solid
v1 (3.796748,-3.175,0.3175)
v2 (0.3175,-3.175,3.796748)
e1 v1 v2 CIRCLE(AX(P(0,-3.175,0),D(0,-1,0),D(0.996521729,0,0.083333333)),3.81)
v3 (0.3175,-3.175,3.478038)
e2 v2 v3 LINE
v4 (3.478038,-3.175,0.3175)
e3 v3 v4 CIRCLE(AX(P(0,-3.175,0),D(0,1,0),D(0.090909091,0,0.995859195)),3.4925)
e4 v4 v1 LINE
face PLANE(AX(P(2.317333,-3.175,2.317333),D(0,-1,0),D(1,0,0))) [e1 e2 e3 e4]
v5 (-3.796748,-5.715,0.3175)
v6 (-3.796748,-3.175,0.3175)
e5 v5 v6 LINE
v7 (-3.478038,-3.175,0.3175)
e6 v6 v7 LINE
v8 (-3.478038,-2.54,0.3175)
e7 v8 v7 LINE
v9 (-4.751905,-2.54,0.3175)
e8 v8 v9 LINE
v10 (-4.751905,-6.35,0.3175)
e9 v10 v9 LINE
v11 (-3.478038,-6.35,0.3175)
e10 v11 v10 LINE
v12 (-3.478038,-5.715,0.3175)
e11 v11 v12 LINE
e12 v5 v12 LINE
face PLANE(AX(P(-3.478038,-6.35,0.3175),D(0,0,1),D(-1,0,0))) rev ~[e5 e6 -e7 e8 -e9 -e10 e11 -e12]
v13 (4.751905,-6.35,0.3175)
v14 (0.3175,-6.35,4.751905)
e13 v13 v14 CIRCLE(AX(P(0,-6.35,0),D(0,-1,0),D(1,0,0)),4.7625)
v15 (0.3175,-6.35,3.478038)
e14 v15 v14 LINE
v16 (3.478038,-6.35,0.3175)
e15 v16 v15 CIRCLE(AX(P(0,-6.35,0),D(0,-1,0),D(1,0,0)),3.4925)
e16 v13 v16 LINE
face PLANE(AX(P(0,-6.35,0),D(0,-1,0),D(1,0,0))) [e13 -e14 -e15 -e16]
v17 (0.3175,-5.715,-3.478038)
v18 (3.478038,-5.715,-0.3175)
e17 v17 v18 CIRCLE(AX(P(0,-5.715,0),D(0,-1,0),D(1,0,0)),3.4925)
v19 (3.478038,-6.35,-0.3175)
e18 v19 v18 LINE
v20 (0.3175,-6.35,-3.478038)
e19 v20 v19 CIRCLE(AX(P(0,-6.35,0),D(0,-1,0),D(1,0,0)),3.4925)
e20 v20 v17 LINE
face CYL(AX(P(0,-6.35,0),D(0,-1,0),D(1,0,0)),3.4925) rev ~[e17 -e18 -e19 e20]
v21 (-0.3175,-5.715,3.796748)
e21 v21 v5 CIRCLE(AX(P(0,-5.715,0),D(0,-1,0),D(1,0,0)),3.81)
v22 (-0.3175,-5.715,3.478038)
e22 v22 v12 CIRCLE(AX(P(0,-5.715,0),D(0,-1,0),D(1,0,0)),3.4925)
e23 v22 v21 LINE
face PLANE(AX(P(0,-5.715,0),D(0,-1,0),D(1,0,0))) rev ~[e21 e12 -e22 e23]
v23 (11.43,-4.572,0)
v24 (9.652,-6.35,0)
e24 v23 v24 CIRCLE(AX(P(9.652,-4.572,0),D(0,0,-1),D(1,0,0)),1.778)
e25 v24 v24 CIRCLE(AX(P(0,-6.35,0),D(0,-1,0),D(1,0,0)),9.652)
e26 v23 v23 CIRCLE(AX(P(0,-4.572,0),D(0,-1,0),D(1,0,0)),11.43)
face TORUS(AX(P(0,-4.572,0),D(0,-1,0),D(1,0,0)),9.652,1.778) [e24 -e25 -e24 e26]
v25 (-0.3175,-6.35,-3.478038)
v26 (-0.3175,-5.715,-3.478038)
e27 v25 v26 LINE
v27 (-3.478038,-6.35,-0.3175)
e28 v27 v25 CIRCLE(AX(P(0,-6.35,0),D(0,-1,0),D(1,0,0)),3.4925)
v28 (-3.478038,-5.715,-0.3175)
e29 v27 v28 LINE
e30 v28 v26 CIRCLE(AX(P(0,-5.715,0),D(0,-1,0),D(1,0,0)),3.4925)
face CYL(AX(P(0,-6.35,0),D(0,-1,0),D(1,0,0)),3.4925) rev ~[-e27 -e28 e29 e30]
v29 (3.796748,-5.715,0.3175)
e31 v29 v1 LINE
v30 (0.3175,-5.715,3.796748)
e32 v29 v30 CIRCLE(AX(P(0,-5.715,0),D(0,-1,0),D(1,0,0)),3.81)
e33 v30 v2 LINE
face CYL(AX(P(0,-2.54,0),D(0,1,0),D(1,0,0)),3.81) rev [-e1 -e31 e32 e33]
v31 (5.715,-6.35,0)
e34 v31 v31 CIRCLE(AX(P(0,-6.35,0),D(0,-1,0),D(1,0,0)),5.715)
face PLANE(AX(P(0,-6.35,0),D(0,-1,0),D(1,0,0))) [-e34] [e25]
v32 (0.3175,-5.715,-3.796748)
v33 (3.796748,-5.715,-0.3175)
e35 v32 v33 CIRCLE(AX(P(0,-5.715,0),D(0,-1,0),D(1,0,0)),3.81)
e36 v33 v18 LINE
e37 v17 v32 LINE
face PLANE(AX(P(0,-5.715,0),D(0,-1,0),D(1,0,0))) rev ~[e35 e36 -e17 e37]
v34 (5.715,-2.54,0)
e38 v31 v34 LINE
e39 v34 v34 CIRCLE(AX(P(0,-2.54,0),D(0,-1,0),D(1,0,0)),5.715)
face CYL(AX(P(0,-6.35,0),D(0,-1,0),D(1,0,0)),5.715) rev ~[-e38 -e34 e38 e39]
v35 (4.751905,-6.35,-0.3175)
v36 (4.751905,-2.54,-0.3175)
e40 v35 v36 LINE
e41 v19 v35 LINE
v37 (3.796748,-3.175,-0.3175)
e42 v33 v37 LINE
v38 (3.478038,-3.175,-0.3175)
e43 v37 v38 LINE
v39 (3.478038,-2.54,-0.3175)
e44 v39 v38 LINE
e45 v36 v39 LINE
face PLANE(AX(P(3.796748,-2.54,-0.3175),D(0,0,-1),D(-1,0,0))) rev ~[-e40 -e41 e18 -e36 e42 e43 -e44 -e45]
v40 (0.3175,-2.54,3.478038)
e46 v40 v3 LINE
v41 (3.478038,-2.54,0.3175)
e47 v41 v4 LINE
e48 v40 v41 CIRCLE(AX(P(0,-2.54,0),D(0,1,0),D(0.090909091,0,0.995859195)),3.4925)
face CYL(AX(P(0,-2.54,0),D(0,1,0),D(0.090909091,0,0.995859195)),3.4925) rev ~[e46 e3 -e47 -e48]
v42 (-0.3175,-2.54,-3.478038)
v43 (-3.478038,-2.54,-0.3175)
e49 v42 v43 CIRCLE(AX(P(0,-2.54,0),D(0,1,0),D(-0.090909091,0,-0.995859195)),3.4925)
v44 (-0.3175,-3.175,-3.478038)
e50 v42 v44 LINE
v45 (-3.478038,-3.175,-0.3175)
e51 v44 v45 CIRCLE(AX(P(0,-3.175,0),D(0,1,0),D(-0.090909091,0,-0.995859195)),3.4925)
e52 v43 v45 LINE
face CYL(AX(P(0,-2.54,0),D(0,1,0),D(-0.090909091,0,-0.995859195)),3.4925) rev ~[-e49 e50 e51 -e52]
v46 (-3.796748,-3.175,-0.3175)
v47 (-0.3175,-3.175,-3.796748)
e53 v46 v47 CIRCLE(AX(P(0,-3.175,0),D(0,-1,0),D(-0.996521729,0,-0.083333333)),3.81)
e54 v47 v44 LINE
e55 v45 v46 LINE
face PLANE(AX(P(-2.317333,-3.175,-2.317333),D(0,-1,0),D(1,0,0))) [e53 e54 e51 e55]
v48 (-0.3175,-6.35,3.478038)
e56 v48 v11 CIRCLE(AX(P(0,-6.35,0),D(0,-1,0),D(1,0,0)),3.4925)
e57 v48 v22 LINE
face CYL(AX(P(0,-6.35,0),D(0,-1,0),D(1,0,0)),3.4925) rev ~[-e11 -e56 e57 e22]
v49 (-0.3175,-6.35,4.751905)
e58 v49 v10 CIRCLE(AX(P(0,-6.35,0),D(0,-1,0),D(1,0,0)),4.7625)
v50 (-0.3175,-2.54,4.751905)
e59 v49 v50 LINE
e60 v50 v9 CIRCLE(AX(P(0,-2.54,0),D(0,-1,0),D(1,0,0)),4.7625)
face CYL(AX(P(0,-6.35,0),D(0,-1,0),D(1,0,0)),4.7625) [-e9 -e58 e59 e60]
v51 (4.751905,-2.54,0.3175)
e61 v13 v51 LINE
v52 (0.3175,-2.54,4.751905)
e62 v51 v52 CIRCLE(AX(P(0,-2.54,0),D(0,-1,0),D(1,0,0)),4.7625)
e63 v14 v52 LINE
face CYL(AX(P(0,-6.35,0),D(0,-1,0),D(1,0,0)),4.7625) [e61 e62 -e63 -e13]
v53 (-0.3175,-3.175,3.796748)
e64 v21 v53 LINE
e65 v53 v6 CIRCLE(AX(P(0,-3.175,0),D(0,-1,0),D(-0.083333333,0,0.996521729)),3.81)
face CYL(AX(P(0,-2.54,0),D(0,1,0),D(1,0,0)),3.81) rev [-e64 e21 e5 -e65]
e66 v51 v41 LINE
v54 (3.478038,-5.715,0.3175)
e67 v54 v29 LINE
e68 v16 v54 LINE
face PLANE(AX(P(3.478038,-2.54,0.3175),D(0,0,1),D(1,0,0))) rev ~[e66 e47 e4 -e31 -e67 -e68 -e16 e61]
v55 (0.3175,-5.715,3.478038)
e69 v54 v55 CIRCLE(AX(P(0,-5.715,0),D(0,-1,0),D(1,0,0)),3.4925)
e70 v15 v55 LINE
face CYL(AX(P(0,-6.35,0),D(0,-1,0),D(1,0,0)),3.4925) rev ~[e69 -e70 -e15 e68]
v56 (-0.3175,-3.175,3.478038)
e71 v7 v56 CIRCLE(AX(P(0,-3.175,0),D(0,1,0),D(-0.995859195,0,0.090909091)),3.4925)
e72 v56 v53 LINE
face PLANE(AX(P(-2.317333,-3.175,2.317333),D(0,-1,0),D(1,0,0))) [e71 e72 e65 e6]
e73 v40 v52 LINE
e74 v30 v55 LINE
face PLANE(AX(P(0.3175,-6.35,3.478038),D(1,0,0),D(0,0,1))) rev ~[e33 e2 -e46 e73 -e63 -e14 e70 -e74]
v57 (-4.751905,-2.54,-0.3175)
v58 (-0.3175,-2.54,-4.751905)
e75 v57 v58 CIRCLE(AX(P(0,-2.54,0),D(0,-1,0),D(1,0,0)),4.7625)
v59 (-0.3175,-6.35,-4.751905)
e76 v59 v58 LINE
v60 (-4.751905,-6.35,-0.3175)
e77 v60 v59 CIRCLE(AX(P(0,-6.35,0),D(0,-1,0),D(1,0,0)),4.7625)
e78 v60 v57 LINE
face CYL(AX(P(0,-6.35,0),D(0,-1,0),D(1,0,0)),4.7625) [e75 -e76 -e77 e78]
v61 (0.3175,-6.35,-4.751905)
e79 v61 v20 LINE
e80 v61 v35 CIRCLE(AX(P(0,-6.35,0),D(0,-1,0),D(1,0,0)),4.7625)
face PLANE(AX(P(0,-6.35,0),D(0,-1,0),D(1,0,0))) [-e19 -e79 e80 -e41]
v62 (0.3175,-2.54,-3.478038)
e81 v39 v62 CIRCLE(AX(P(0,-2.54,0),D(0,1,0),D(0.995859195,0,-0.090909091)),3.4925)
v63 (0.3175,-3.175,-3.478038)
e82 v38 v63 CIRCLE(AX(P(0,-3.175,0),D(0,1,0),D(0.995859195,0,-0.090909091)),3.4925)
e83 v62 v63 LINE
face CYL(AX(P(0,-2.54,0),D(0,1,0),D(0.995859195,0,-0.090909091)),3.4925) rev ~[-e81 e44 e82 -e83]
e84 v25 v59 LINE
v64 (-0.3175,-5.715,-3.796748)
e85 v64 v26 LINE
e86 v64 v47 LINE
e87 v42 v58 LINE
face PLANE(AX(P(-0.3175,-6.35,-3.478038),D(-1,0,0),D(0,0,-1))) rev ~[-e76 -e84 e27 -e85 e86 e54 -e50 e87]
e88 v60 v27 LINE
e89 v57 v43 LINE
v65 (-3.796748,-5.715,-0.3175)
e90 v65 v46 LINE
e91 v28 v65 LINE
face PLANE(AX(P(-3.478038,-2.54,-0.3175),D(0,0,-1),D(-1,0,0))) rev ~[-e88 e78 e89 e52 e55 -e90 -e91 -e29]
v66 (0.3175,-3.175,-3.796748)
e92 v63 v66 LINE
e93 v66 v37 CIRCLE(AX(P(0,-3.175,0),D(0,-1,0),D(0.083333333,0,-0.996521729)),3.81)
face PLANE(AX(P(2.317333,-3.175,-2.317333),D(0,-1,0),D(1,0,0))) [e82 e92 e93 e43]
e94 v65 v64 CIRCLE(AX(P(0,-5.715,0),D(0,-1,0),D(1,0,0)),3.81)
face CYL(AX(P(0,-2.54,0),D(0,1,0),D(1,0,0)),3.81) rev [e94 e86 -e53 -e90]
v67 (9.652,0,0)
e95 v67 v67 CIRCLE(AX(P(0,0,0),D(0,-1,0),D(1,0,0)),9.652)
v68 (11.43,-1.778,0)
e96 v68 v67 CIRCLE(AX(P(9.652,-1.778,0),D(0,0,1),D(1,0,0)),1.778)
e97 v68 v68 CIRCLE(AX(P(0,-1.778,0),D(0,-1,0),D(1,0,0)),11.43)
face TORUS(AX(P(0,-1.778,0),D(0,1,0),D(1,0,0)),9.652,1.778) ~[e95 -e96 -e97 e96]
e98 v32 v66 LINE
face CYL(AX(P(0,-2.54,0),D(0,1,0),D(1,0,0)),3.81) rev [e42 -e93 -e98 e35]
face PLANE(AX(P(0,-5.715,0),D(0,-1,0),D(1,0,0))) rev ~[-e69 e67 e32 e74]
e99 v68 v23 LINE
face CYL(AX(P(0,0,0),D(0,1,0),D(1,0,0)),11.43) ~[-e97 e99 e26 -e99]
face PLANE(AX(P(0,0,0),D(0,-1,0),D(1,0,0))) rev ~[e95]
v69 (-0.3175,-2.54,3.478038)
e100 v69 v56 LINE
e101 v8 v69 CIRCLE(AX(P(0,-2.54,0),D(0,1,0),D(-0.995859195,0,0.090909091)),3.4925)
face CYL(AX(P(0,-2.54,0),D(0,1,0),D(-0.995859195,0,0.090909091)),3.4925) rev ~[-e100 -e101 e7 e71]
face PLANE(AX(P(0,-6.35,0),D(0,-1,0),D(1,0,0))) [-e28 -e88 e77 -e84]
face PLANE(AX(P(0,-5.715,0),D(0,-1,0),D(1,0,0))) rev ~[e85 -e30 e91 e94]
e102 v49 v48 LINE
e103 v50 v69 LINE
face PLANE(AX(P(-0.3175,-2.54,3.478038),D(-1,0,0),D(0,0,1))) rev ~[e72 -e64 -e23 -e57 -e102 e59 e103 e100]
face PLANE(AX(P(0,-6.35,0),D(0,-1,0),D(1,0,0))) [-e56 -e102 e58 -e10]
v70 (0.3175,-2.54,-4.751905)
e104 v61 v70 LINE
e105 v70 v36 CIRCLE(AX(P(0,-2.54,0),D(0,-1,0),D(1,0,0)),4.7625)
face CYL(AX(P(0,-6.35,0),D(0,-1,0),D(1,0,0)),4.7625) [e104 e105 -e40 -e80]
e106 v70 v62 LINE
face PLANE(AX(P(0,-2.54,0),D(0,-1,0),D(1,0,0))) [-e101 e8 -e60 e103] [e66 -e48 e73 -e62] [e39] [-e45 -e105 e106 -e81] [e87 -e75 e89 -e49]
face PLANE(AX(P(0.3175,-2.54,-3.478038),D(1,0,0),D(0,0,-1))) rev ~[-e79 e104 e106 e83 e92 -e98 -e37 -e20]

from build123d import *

# Parameters (mm, degrees)
F0_R      = 11.43
F1_DEPTH  = 6.35
F2_R      = 3.4925
F3_DEPTH  = 3.81
F4_R      = 5.715
F4_R_2    = 4.7625
F5_DEPTH  = 3.81
F7_DEPTH  = 3.81
F8_R      = 3.81
F9_DEPTH  = 3.175
F10_R     = 1.778
F11_DEPTH = 0.635


with BuildPart() as f1:
    # F0 (on Front) → F1 (new body)
    with BuildSketch(Plane.XZ):
        Circle(F0_R)
    extrude(amount=F1_DEPTH)

    # F2 (on face) → F3 (cut)
    with BuildSketch(Plane.XZ.offset(6.35)):
        Circle(F2_R)
    extrude(amount=-F3_DEPTH, mode=Mode.SUBTRACT)

    # F4 (on face) → F5 (cut)
    with BuildSketch(Plane.XZ.offset(6.35)):
        Circle(F4_R)
        Circle(F4_R_2, mode=Mode.SUBTRACT)
    extrude(amount=-F5_DEPTH, mode=Mode.SUBTRACT)

    # F6 (on face) → F7 (cut)
    with BuildSketch(Plane.XZ.offset(6.35)):
        with BuildLine():
            Line((0.3175, 3.4780382402), (0.3175, 4.4336462139))
            ThreePointArc((0.3175, 4.4336462139), (0, 4.445), (-0.3175, 4.4336462139))
            Line((-0.3175, 4.4336462139), (-0.3175, 3.4780382402))
            ThreePointArc((-0.3175, 3.4780382402), (0, 3.4925), (0.3175, 3.4780382402))
        make_face()
        with BuildLine():
            Line((-3.4780382402, 0.3175), (-4.4336462139, 0.3175))
            ThreePointArc((-4.4336462139, 0.3175), (-4.445, 0), (-4.4336462139, -0.3175))
            Line((-4.4336462139, -0.3175), (-3.4780382402, -0.3175))
            ThreePointArc((-3.4780382402, -0.3175), (-3.4925, 0), (-3.4780382402, 0.3175))
        make_face()
        with BuildLine():
            ThreePointArc((4.4336462139, -0.3175), (4.4421606466, -0.1588514703), (4.445, 0))
            ThreePointArc((4.445, 0), (4.4421606466, 0.1588514703), (4.4336462139, 0.3175))
            Line((4.4336462139, 0.3175), (3.4780382402, 0.3175))
            ThreePointArc((3.4780382402, 0.3175), (3.4888826867, 0.1589145938), (3.4925, 0))
            ThreePointArc((3.4925, 0), (3.4888826867, -0.1589145938), (3.4780382402, -0.3175))
            Line((3.4780382402, -0.3175), (4.4336462139, -0.3175))
        make_face()
        with BuildLine():
            ThreePointArc((-0.3175, -4.4336462139), (0, -4.445), (0.3175, -4.4336462139))
            Line((0.3175, -4.4336462139), (0.3175, -3.4780382402))
            ThreePointArc((0.3175, -3.4780382402), (0, -3.4925), (-0.3175, -3.4780382402))
            Line((-0.3175, -3.4780382402), (-0.3175, -4.4336462139))
        make_face()
        with BuildLine():
            ThreePointArc((-0.3175, 4.4336462139), (0, 4.445), (0.3175, 4.4336462139))
            Line((0.3175, 4.4336462139), (0.3175, 4.7519048812))
            ThreePointArc((0.3175, 4.7519048812), (0.1588383664, 4.7598504833), (0, 4.7625))
            ThreePointArc((0, 4.7625), (-0.1588383664, 4.7598504833), (-0.3175, 4.7519048812))
            Line((-0.3175, 4.7519048812), (-0.3175, 4.4336462139))
        make_face()
        with BuildLine():
            ThreePointArc((-4.4336462139, -0.3175), (-4.445, 0), (-4.4336462139, 0.3175))
            Line((-4.4336462139, 0.3175), (-4.7519048812, 0.3175))
            ThreePointArc((-4.7519048812, 0.3175), (-4.7598504833, 0.1588383664), (-4.7625, 0))
            ThreePointArc((-4.7625, 0), (-4.7598504833, -0.1588383664), (-4.7519048812, -0.3175))
            Line((-4.7519048812, -0.3175), (-4.4336462139, -0.3175))
        make_face()
        with BuildLine():
            ThreePointArc((4.4336462139, 0.3175), (4.4421606466, 0.1588514703), (4.445, 0))
            ThreePointArc((4.445, 0), (4.4421606466, -0.1588514703), (4.4336462139, -0.3175))
            Line((4.4336462139, -0.3175), (4.7519048812, -0.3175))
            ThreePointArc((4.7519048812, -0.3175), (4.7598504833, -0.1588383664), (4.7625, 0))
            ThreePointArc((4.7625, 0), (4.7598504833, 0.1588383664), (4.7519048812, 0.3175))
            Line((4.7519048812, 0.3175), (4.4336462139, 0.3175))
        make_face()
        with BuildLine():
            Line((0.3175, -4.7519048812), (0.3175, -4.4336462139))
            ThreePointArc((0.3175, -4.4336462139), (0, -4.445), (-0.3175, -4.4336462139))
            Line((-0.3175, -4.4336462139), (-0.3175, -4.7519048812))
            ThreePointArc((-0.3175, -4.7519048812), (-0.1588383664, -4.7598504833), (0, -4.7625))
            ThreePointArc((0, -4.7625), (0.1588383664, -4.7598504833), (0.3175, -4.7519048812))
        make_face()
    extrude(amount=-F7_DEPTH, mode=Mode.SUBTRACT)

    # F8 (on face) → F9 (cut)
    with BuildSketch(Plane.XZ.offset(2.54)):
        Circle(F8_R)
    extrude(amount=F9_DEPTH, mode=Mode.SUBTRACT)

    # F10
    f10_edges = [f1.edges().sort_by_distance(p)[0] for p in [
        (-11.43, -6.35, 0),
        (-11.43, 0, 0),
    ]]
    fillet(f10_edges, radius=F10_R)

    # F8 (on face) → F11 (join)
    with BuildSketch(Plane.XZ.offset(2.54)):
        with BuildLine():
            ThreePointArc((0.3175, -3.7967477859), (2.6940768363, -2.6940768363), (3.7967477859, -0.3175))
            Line((3.7967477859, -0.3175), (3.4780382402, -0.3175))
            ThreePointArc((3.4780382402, -0.3175), (2.4695704333, -2.4695704333), (0.3175, -3.4780382402))
            Line((0.3175, -3.4780382402), (0.3175, -3.7967477859))
        make_face()
        with BuildLine():
            Line((3.4780382402, 0.3175), (3.7967477859, 0.3175))
            ThreePointArc((3.7967477859, 0.3175), (2.6940768363, 2.6940768363), (0.3175, 3.7967477859))
            Line((0.3175, 3.7967477859), (0.3175, 3.4780382402))
            ThreePointArc((0.3175, 3.4780382402), (2.4695704333, 2.4695704333), (3.4780382402, 0.3175))
        make_face()
        with BuildLine():
            Line((-0.3175, 3.4780382402), (-0.3175, 3.7967477859))
            ThreePointArc((-0.3175, 3.7967477859), (-2.6940768363, 2.6940768363), (-3.7967477859, 0.3175))
            Line((-3.7967477859, 0.3175), (-3.4780382402, 0.3175))
            ThreePointArc((-3.4780382402, 0.3175), (-2.4695704333, 2.4695704333), (-0.3175, 3.4780382402))
        make_face()
        with BuildLine():
            ThreePointArc((-3.7967477859, -0.3175), (-2.6940768363, -2.6940768363), (-0.3175, -3.7967477859))
            Line((-0.3175, -3.7967477859), (-0.3175, -3.4780382402))
            ThreePointArc((-0.3175, -3.4780382402), (-2.4695704333, -2.4695704333), (-3.4780382402, -0.3175))
            Line((-3.4780382402, -0.3175), (-3.7967477859, -0.3175))
        make_face()
    extrude(amount=F11_DEPTH)


solid = f1.part
